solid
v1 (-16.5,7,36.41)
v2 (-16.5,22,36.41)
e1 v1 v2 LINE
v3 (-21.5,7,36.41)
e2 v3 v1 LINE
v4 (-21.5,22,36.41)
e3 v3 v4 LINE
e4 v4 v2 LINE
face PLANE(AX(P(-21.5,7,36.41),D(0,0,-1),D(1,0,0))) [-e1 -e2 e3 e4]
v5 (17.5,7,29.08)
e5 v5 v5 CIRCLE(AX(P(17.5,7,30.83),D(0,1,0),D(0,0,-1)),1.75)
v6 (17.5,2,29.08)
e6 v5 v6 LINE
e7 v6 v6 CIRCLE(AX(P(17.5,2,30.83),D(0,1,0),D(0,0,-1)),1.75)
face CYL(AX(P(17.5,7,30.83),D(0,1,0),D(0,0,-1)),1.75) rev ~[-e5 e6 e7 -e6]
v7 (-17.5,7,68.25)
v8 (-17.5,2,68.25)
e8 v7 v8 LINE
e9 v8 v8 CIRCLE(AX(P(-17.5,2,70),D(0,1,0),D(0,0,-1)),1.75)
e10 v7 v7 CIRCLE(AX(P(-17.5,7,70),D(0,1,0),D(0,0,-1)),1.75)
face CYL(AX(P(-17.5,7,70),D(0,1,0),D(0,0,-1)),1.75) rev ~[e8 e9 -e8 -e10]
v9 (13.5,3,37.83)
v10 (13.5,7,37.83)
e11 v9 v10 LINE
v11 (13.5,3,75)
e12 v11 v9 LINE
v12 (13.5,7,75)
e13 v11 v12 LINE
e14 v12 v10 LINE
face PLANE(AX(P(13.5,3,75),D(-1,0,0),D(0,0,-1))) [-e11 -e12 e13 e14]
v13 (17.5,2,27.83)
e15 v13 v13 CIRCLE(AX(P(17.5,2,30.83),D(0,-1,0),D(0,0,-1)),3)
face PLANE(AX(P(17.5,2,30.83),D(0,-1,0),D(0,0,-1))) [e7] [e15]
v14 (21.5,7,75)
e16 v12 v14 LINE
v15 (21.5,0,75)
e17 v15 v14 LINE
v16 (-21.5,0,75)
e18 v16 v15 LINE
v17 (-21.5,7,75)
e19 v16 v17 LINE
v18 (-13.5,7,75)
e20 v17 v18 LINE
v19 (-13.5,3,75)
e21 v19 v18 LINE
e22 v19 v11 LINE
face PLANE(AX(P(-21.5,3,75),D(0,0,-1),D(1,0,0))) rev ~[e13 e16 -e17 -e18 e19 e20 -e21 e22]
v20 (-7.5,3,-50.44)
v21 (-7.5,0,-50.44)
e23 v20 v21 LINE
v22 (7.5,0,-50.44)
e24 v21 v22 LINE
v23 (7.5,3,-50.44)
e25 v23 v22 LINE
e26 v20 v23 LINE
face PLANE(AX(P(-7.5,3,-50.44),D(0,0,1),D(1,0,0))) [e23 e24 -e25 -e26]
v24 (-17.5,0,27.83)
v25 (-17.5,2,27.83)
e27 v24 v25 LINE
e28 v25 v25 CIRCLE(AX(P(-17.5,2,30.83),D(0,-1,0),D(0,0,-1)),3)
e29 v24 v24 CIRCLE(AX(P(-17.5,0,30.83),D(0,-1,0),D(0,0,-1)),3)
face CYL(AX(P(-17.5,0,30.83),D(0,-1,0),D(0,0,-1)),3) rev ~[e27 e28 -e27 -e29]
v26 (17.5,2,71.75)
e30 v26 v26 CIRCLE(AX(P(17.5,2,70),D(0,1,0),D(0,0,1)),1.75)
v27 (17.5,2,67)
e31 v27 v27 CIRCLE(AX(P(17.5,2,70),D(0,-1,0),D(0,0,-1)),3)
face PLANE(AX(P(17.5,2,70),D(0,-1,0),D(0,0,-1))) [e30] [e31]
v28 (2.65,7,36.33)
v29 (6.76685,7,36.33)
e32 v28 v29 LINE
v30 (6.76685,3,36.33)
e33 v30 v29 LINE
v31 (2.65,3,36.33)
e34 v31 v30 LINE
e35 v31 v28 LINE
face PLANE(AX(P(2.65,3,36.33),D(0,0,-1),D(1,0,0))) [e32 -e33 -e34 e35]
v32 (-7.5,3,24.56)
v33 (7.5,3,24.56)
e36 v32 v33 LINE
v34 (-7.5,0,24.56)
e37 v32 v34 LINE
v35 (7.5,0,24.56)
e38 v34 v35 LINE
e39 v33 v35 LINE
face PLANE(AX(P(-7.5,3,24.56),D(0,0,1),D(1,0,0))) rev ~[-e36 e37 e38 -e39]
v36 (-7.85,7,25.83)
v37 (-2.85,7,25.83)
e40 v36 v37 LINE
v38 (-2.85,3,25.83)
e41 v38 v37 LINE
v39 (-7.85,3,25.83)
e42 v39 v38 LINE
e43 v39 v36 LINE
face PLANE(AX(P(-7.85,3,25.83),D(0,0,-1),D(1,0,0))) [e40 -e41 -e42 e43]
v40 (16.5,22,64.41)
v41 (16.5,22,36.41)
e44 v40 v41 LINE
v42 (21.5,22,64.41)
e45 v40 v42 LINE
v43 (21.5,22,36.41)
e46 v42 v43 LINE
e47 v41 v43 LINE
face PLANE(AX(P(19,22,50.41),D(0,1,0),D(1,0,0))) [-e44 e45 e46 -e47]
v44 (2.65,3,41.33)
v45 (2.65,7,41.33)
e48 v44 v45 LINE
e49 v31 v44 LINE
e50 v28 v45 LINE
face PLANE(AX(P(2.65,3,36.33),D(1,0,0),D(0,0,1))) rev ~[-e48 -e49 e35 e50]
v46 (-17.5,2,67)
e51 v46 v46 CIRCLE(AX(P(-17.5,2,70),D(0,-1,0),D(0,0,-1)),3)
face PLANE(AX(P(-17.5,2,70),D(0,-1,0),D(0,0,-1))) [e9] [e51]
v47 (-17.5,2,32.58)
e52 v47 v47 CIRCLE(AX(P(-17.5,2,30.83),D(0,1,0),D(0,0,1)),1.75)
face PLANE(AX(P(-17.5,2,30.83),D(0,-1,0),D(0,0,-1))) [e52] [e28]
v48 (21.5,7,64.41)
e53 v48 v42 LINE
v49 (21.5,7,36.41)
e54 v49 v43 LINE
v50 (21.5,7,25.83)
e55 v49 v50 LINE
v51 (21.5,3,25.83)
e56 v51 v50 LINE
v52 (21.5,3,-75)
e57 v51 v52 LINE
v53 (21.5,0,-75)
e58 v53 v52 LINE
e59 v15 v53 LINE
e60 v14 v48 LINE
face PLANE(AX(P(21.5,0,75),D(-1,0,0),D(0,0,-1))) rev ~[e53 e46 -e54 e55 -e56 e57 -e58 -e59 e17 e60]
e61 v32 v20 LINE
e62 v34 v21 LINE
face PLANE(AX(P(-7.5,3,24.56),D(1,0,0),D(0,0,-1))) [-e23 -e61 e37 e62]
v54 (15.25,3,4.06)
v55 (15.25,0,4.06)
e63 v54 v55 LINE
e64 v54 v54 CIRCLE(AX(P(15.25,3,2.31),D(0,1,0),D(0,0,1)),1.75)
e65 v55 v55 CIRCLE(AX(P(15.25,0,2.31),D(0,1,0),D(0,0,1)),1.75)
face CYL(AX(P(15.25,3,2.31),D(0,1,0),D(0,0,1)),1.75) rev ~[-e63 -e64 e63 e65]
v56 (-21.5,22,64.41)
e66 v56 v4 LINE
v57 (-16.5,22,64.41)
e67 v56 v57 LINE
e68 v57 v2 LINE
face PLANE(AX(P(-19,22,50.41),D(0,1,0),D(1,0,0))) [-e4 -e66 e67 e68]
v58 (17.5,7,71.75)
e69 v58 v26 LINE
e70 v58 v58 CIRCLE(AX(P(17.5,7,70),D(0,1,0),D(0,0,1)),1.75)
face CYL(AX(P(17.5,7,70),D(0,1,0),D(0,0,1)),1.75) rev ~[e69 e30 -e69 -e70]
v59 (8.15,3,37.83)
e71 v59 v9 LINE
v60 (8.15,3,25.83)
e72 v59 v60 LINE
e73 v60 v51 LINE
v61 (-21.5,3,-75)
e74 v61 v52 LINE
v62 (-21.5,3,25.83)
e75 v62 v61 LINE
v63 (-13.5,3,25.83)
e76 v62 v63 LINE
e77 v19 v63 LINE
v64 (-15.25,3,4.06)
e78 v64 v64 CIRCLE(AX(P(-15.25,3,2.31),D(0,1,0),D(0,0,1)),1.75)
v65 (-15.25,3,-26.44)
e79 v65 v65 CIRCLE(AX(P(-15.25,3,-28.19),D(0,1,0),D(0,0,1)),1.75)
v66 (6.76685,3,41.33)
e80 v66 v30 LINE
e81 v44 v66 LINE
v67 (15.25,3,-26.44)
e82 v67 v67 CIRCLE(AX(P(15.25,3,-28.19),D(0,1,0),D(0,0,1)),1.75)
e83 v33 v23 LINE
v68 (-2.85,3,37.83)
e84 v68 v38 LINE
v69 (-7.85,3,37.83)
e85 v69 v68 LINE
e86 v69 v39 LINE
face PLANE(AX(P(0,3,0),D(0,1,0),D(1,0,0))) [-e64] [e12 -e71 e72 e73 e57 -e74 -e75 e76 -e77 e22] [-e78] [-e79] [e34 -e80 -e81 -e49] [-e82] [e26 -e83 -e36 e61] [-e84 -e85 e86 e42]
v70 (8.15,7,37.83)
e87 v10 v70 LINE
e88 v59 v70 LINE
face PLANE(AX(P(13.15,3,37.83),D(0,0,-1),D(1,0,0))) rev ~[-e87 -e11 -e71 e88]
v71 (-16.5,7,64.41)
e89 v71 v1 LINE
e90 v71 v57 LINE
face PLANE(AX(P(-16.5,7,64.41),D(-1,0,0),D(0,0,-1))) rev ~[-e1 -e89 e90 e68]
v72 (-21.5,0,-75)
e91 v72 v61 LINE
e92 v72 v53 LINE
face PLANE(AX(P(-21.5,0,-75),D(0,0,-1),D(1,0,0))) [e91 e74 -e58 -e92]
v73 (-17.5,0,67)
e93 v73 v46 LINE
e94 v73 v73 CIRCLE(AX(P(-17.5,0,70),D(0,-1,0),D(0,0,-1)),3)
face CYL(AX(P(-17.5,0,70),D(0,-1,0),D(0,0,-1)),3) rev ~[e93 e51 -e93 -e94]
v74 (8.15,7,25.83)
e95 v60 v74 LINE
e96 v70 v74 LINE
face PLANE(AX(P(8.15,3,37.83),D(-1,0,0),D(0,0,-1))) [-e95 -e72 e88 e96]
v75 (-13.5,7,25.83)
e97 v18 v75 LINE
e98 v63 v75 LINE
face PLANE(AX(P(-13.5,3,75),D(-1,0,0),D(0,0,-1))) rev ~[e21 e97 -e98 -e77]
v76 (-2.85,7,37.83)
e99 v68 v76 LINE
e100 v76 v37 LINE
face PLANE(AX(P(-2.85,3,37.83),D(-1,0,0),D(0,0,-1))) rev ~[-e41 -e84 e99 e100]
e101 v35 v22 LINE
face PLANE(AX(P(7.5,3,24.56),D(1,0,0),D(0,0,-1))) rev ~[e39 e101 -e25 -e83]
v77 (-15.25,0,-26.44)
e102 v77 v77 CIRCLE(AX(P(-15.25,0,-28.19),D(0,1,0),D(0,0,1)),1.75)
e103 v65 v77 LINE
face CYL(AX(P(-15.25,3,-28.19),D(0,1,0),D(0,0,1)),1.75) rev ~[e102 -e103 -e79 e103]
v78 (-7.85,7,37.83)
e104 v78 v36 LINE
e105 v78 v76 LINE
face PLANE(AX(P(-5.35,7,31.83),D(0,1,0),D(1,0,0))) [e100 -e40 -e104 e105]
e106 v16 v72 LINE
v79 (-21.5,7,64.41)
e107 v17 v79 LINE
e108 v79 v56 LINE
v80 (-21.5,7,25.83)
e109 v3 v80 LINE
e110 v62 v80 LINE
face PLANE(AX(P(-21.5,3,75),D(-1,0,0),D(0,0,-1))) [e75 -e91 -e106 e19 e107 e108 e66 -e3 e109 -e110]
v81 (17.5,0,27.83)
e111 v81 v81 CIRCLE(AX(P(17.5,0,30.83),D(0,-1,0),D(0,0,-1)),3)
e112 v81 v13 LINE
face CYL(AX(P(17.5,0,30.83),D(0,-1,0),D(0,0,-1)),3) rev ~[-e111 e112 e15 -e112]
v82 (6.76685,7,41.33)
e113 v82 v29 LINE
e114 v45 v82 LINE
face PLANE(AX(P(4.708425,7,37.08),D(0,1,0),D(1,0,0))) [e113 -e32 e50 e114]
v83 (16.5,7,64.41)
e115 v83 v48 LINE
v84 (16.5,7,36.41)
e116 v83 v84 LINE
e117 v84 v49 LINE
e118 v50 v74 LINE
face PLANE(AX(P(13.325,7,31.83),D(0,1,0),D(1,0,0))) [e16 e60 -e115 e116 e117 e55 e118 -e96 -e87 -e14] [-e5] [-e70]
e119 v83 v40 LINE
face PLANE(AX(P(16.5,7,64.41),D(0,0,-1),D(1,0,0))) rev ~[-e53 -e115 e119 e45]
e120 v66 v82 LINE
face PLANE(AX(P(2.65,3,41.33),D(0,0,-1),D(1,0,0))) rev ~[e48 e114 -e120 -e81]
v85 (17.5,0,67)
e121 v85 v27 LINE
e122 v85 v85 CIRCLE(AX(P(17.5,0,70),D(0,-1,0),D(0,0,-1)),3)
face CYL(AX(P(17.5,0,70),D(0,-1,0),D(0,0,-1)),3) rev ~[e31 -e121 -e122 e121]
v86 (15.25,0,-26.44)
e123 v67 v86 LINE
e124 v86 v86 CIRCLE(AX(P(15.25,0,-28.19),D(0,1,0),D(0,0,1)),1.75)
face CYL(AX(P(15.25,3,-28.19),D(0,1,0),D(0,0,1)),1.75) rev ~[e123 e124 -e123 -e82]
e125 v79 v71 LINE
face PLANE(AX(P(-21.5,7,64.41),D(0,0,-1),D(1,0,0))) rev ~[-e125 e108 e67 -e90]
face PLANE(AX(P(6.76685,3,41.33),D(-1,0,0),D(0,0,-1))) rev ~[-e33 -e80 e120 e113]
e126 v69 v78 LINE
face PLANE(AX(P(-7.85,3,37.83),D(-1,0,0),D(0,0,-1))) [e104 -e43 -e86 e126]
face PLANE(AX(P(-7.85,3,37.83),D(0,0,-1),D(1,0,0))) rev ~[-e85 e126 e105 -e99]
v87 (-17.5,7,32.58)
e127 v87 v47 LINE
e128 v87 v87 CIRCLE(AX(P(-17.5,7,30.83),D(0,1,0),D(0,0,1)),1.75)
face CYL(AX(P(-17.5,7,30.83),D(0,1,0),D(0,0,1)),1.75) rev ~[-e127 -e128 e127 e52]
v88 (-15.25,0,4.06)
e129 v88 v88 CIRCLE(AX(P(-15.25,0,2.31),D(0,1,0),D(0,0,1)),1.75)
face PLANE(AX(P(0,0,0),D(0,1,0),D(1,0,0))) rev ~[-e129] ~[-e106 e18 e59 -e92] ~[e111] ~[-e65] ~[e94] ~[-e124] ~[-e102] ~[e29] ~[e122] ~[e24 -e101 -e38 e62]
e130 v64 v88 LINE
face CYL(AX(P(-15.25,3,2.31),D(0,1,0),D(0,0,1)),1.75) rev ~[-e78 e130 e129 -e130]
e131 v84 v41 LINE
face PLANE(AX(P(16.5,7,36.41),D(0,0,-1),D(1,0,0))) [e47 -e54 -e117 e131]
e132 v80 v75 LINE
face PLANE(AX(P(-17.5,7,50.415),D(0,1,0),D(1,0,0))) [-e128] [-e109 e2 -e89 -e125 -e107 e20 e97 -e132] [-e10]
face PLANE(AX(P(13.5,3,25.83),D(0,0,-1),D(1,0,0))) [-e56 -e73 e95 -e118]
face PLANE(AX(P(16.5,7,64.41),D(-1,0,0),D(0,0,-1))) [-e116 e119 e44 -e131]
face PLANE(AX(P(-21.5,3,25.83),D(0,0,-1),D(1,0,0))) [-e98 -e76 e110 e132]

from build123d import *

# Parameters (mm, degrees)
SKETCH1_W           = 43
SKETCH1_H           = 150
BOSS_EXTRUDE1_DEPTH = 3
SKETCH2_R           = 1.75
CUT_EXTRUDE1_DEPTH  = 10
SKETCH3_W           = 15
SKETCH3_H           = 75
CUT_EXTRUDE2_DEPTH  = 10
SKETCH4_W           = 5
SKETCH4_H           = 12
SKETCH4_W_2         = 4.116849784
SKETCH4_H_2         = 1.5
SKETCH4_H_3         = 3.5
BOSS_EXTRUDE2_DEPTH = 4
SKETCH5_W           = 8
SKETCH5_H           = 49.17
BOSS_EXTRUDE3_DEPTH = 4
SKETCH7_W           = 0.35
SKETCH7_H           = 12
BOSS_EXTRUDE4_DEPTH = 4
SKETCH8_R           = 1.75
CUT_EXTRUDE3_DEPTH  = 79.334219853
SKETCH9_W           = 5
SKETCH9_H           = 28
BOSS_EXTRUDE5_DEPTH = 15
SKETCH10_R          = 3
CUT_EXTRUDE5_DEPTH  = 2


with BuildPart() as part:
    # Sketch1 → Boss-Extrude1 (new body)
    with BuildSketch(Plane(origin=(0, 0, 0), x_dir=(1, 0, 0), z_dir=(0, 1, 0))):
        Rectangle(SKETCH1_W, SKETCH1_H)
    extrude(amount=BOSS_EXTRUDE1_DEPTH)

    # Sketch2 → Cut-Extrude1 (cut)
    with BuildSketch(Plane(origin=(0, 3, 0), x_dir=(1, 0, 0), z_dir=(0, 1, 0))):
        with Locations(Location((15.25, 28.19, 0), (0, 0, 270))):
            Circle(SKETCH2_R)
        with Locations(Location((-15.25, 28.19, 0), (0, 0, 270))):
            Circle(SKETCH2_R)
        with Locations(Location((-15.25, -2.31, 0), (0, 0, 270))):
            Circle(SKETCH2_R)
        with Locations(Location((15.25, -2.31, 0), (0, 0, 270))):
            Circle(SKETCH2_R)
    extrude(amount=-CUT_EXTRUDE1_DEPTH, mode=Mode.SUBTRACT)

    # Sketch3 → Cut-Extrude2 (cut)
    with BuildSketch(Plane(origin=(0, 3, 0), x_dir=(1, 0, 0), z_dir=(0, 1, 0))):
        with Locations((0, 12.94)):
            Rectangle(SKETCH3_W, SKETCH3_H)
    extrude(amount=-CUT_EXTRUDE2_DEPTH, mode=Mode.SUBTRACT)

    # Sketch4 → Boss-Extrude2 (add)
    with BuildSketch(Plane(origin=(0, 3, 0), x_dir=(1, 0, 0), z_dir=(0, 1, 0))):
        with Locations((-5.35, -31.83)):
            Rectangle(SKETCH4_W, SKETCH4_H)
        with Locations((10.65, -31.83)):
            Rectangle(SKETCH4_W, SKETCH4_H)
        with Locations((4.708424892, -37.08)):
            Rectangle(SKETCH4_W_2, SKETCH4_H_2)
        with Locations((4.708424892, -39.58)):
            Rectangle(SKETCH4_W_2, SKETCH4_H_3)
    extrude(amount=BOSS_EXTRUDE2_DEPTH)

    # Sketch5 → Boss-Extrude3 (add)
    with BuildSketch(Plane(origin=(0, 3, 0), x_dir=(1, 0, 0), z_dir=(0, 1, 0))):
        with Locations((-17.5, -50.415)):
            Rectangle(SKETCH5_W, SKETCH5_H)
        with Locations((17.5, -50.415)):
            Rectangle(SKETCH5_W, SKETCH5_H)
    extrude(amount=BOSS_EXTRUDE3_DEPTH)

    # Sketch7 → Boss-Extrude4 (add)
    with BuildSketch(Plane(origin=(0, 3, 0), x_dir=(1, 0, 0), z_dir=(0, 1, 0))):
        with Locations((13.325, -31.83)):
            Rectangle(SKETCH7_W, SKETCH7_H)
    extrude(amount=BOSS_EXTRUDE4_DEPTH)

    # Sketch8 → Cut-Extrude3 (cut, through all)
    with BuildSketch(Plane(origin=(0, 7, 0), x_dir=(1, 0, 0), z_dir=(0, 1, 0))):
        with Locations(Location((17.5, -70, 0), (0, 0, 270))):
            Circle(SKETCH8_R)
        with Locations(Location((17.5, -30.83, 0), (0, 0, 90))):
            Circle(SKETCH8_R)
        with Locations(Location((-17.5, -70, 0), (0, 0, 90))):
            Circle(SKETCH8_R)
        with Locations(Location((-17.5, -30.83, 0), (0, 0, 270))):
            Circle(SKETCH8_R)
    extrude(amount=-CUT_EXTRUDE3_DEPTH, mode=Mode.SUBTRACT)

    # Sketch9 → Boss-Extrude5 (add)
    with BuildSketch(Plane(origin=(0, 7, 0), x_dir=(1, 0, 0), z_dir=(0, 1, 0))):
        with Locations((19, -50.41)):
            Rectangle(SKETCH9_W, SKETCH9_H)
        with Locations((-19, -50.41)):
            Rectangle(SKETCH9_W, SKETCH9_H)
    extrude(amount=BOSS_EXTRUDE5_DEPTH)

    # Sketch10 → Cut-Extrude5 (cut)
    with BuildSketch(Plane.XZ):
        with Locations(Location((-17.5, 70, 0), (0, 0, 270))):
            Circle(SKETCH10_R)
        with Locations(Location((-17.5, 30.83, 0), (0, 0, 270))):
            Circle(SKETCH10_R)
        with Locations(Location((17.5, 30.83, 0), (0, 0, 270))):
            Circle(SKETCH10_R)
        with Locations(Location((17.5, 70, 0), (0, 0, 270))):
            Circle(SKETCH10_R)
    extrude(amount=-CUT_EXTRUDE5_DEPTH, mode=Mode.SUBTRACT)


solid = part.part
